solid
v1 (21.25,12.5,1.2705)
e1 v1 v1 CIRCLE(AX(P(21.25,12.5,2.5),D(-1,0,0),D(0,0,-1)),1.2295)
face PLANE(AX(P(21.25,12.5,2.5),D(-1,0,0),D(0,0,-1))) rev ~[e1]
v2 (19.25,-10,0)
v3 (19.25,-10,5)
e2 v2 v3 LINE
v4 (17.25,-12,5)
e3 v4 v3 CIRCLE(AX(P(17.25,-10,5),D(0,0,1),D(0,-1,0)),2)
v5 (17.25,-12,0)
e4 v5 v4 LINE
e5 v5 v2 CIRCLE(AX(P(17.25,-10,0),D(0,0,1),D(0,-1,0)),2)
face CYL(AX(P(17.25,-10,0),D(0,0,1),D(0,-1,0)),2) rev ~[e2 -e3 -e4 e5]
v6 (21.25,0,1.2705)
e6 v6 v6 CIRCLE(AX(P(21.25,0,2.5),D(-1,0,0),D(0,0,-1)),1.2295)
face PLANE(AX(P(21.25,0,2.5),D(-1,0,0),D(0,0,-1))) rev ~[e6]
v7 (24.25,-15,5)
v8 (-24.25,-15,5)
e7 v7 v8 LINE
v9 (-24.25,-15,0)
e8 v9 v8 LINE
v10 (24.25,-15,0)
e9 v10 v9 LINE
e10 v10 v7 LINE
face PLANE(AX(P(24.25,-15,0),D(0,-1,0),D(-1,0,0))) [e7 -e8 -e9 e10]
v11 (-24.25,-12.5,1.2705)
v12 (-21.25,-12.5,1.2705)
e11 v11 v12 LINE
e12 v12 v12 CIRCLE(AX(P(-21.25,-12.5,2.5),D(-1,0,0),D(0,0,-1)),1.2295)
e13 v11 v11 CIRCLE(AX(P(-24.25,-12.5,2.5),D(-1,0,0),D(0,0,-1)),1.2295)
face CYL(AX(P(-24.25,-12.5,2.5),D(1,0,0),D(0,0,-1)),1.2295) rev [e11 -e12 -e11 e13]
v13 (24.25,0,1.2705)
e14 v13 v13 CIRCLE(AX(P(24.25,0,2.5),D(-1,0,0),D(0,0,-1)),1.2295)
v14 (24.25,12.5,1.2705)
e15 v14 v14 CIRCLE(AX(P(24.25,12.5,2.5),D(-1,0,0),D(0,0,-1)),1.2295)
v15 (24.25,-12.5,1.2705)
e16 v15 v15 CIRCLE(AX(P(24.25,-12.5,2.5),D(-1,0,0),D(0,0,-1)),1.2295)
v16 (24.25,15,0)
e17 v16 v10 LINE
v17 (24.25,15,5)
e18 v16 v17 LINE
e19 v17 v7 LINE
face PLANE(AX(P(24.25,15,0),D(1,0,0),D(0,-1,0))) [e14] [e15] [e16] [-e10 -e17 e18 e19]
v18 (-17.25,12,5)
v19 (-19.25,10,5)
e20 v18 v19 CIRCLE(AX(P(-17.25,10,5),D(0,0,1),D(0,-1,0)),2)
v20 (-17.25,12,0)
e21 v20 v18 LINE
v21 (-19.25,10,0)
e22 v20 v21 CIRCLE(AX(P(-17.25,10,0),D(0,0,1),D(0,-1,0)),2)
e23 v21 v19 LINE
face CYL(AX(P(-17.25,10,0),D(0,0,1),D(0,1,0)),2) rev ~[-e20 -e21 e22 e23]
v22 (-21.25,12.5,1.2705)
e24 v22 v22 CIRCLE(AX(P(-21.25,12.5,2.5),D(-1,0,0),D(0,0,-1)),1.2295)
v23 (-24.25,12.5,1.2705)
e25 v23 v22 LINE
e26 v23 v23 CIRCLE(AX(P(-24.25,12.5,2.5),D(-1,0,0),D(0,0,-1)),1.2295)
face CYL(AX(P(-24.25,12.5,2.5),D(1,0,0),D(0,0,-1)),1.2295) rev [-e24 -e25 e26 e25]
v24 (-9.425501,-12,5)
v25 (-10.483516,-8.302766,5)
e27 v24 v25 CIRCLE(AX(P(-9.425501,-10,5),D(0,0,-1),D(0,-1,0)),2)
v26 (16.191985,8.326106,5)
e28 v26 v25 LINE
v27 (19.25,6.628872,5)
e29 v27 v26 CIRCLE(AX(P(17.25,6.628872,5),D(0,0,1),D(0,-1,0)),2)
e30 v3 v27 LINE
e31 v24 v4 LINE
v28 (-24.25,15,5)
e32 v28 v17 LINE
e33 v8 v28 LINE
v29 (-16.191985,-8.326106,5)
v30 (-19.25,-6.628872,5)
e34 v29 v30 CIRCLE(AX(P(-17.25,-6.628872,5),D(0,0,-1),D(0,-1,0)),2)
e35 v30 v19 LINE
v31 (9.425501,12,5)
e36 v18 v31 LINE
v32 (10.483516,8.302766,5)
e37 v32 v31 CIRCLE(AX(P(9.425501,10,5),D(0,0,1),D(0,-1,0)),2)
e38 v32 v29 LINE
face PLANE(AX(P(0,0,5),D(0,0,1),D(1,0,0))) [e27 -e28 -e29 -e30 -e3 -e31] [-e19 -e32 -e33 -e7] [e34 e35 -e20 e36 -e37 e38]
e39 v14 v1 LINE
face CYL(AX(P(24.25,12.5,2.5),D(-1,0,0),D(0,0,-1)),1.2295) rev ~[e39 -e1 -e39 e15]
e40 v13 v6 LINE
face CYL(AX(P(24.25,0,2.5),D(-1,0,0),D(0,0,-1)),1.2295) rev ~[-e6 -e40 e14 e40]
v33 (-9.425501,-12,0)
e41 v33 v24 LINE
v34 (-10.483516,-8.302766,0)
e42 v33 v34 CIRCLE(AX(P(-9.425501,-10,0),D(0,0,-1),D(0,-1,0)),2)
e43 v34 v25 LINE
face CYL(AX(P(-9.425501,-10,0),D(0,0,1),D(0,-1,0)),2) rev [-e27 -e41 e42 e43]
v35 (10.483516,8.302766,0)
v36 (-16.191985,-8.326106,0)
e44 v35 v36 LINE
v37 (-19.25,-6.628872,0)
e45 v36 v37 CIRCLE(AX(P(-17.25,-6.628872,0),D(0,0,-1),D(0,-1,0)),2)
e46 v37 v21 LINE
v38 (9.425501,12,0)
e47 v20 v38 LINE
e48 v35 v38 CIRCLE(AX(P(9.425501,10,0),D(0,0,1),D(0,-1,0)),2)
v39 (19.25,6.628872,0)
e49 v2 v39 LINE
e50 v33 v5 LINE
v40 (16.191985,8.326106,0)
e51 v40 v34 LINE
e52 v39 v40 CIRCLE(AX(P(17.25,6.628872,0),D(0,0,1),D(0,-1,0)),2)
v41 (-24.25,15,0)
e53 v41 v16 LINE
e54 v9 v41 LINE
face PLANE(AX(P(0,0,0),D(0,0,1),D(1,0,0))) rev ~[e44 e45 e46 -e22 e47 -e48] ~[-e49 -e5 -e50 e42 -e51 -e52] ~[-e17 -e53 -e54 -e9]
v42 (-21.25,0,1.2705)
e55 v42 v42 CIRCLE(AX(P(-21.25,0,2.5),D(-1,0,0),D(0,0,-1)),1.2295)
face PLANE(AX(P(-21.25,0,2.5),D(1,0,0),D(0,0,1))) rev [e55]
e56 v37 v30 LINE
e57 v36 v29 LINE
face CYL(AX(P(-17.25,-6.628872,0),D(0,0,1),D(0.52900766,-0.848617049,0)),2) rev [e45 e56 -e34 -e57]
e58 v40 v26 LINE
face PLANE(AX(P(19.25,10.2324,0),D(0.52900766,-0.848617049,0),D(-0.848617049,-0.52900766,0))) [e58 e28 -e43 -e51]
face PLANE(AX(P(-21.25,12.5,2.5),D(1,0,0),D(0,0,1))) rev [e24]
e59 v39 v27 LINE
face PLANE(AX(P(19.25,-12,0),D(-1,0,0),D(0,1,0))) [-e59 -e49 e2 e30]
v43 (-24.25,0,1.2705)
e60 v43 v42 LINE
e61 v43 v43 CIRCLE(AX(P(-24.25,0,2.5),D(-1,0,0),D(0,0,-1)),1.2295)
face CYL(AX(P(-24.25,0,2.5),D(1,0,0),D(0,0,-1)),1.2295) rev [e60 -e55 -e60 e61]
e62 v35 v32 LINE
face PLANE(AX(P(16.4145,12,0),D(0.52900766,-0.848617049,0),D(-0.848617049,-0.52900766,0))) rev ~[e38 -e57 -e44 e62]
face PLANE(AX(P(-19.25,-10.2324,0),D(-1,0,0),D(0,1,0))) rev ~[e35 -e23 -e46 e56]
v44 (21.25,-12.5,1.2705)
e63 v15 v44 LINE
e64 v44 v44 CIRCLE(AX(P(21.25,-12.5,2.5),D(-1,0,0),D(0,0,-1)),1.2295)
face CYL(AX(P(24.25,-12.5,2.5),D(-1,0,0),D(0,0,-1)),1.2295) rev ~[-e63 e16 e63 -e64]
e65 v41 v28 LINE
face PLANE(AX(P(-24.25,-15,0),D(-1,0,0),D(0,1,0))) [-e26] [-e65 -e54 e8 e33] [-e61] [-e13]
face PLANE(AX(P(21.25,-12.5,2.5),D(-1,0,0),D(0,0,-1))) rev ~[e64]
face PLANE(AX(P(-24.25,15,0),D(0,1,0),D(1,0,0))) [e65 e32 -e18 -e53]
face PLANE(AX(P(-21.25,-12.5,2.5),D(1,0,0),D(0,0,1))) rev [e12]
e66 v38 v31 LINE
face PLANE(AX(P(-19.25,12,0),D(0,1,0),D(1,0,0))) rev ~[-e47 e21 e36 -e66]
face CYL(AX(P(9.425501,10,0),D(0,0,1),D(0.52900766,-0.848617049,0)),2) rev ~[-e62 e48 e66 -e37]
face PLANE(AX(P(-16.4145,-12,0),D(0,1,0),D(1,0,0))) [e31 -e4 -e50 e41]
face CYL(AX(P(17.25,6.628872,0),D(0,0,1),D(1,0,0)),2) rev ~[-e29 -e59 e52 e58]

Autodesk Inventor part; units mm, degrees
ref_plane "YZ Plane" through (0, 0, 0) normal (1, 0, 0) x (0, 1, 0)
ref_plane "XZ Plane" through (0, 0, 0) normal (0, 1, 0) x (-1, 0, 0)
ref_plane "XY Plane" through (0, 0, 0) normal (0, 0, 1) x (1, 0, 0)
sketch "スケッチ1" plane through (0, 0, 0) normal (0, 0, 1) x (1, 0, 0)
  line L0 (-24.25, 15) -> (24.25, 15)
  line L1 (24.25, 15) -> (24.25, -15)
  line L2 (24.25, -15) -> (-24.25, -15)
  line L3 (-24.25, -15) -> (-24.25, 15)
  line L4 (-19.25, 12) -> (19.25, 12) construction
  line L5 (19.25, 12) -> (19.25, -12) construction
  line L6 (19.25, -12) -> (-19.25, -12) construction
  line L7 (-19.25, -12) -> (-19.25, 12) construction
  line L8 (19.25, 12) -> (-19.25, -12) construction
  line L9 (-19.25, -10.2324) -> (-19.25, 12)
  line L10 (-19.25, 12) -> (16.4145, 12)
  line L11 (16.4145, 12) -> (-19.25, -10.2324)
  line L12 (-16.4145, -12) -> (19.25, -12)
  line L13 (19.25, -12) -> (19.25, 10.2324)
  line L14 (19.25, 10.2324) -> (-16.4145, -12)
  line L15 (-24.25, 12.5) -> (24.25, 12.5) construction
  line L16 (24.25, -12.5) -> (-24.25, -12.5) construction
  line L17 (24.25, 12.5) -> (24.25, -12.5) construction
  point P0 (0, 0)
  point P1 (0, 12)
  point P2 (0, 15)
  point P3 (19.25, 0)
  point P4 (24.25, 0)
  dimension "d0" = 5
  dimension "d1" = 3
  dimension "d2" = 1.5
  dimension "d3" = 25
  dimension "d4" = 2.5
  dimension "d16" = 48.5
extrude "押し出し1" add sketch "スケッチ1" along normal blind 5
sketch "スケッチ2" plane through (24.25, -15, 0) normal (1, 0, 0) x (0, 0, -1)
  line L0 (0, 30) -> (-5, 30) projected
  line L1 (-5, 0) -> (-5, 30) projected
  line L2 (0, 15) -> (-5, 15) construction
  point P0 (-2.5, 2.5)
  point P1 (-2.5, 15)
  point P2 (-2.5, 27.5)
  point P3 (-2.5, 30)
  dimension "d7" = 25
hole "穴1" at (24.25, -12.5, 2.5) at (24.25, 0, 2.5) at (24.25, 12.5, 2.5) direction (-1, 0, 0) diameter 2.459 depth 3 thread size "M3x0.5" class "6H" standard "ISO Metric profile"
mirror "ミラー1" about plane through (0, 0, 0) normal (1, 0, 0) of "穴1"
fillet "フィレット1" radius 2 6 edges at (-16.4145, -12, 2.5) (-19.25, -10.2324, 2.5) (19.25, 10.2324, 2.5) (19.25, -12, 2.5) (-19.25, 12, 2.5) (16.4145, 12, 2.5)
equation "\"d3\" = d5_1"
equation "\"d7\" = d3"
equation "\"d5_1\" = 25"
properties part number "リンク_ふともも_サブフレーム_1_2(予備案)" material "アルミニウム 2014-T4"
